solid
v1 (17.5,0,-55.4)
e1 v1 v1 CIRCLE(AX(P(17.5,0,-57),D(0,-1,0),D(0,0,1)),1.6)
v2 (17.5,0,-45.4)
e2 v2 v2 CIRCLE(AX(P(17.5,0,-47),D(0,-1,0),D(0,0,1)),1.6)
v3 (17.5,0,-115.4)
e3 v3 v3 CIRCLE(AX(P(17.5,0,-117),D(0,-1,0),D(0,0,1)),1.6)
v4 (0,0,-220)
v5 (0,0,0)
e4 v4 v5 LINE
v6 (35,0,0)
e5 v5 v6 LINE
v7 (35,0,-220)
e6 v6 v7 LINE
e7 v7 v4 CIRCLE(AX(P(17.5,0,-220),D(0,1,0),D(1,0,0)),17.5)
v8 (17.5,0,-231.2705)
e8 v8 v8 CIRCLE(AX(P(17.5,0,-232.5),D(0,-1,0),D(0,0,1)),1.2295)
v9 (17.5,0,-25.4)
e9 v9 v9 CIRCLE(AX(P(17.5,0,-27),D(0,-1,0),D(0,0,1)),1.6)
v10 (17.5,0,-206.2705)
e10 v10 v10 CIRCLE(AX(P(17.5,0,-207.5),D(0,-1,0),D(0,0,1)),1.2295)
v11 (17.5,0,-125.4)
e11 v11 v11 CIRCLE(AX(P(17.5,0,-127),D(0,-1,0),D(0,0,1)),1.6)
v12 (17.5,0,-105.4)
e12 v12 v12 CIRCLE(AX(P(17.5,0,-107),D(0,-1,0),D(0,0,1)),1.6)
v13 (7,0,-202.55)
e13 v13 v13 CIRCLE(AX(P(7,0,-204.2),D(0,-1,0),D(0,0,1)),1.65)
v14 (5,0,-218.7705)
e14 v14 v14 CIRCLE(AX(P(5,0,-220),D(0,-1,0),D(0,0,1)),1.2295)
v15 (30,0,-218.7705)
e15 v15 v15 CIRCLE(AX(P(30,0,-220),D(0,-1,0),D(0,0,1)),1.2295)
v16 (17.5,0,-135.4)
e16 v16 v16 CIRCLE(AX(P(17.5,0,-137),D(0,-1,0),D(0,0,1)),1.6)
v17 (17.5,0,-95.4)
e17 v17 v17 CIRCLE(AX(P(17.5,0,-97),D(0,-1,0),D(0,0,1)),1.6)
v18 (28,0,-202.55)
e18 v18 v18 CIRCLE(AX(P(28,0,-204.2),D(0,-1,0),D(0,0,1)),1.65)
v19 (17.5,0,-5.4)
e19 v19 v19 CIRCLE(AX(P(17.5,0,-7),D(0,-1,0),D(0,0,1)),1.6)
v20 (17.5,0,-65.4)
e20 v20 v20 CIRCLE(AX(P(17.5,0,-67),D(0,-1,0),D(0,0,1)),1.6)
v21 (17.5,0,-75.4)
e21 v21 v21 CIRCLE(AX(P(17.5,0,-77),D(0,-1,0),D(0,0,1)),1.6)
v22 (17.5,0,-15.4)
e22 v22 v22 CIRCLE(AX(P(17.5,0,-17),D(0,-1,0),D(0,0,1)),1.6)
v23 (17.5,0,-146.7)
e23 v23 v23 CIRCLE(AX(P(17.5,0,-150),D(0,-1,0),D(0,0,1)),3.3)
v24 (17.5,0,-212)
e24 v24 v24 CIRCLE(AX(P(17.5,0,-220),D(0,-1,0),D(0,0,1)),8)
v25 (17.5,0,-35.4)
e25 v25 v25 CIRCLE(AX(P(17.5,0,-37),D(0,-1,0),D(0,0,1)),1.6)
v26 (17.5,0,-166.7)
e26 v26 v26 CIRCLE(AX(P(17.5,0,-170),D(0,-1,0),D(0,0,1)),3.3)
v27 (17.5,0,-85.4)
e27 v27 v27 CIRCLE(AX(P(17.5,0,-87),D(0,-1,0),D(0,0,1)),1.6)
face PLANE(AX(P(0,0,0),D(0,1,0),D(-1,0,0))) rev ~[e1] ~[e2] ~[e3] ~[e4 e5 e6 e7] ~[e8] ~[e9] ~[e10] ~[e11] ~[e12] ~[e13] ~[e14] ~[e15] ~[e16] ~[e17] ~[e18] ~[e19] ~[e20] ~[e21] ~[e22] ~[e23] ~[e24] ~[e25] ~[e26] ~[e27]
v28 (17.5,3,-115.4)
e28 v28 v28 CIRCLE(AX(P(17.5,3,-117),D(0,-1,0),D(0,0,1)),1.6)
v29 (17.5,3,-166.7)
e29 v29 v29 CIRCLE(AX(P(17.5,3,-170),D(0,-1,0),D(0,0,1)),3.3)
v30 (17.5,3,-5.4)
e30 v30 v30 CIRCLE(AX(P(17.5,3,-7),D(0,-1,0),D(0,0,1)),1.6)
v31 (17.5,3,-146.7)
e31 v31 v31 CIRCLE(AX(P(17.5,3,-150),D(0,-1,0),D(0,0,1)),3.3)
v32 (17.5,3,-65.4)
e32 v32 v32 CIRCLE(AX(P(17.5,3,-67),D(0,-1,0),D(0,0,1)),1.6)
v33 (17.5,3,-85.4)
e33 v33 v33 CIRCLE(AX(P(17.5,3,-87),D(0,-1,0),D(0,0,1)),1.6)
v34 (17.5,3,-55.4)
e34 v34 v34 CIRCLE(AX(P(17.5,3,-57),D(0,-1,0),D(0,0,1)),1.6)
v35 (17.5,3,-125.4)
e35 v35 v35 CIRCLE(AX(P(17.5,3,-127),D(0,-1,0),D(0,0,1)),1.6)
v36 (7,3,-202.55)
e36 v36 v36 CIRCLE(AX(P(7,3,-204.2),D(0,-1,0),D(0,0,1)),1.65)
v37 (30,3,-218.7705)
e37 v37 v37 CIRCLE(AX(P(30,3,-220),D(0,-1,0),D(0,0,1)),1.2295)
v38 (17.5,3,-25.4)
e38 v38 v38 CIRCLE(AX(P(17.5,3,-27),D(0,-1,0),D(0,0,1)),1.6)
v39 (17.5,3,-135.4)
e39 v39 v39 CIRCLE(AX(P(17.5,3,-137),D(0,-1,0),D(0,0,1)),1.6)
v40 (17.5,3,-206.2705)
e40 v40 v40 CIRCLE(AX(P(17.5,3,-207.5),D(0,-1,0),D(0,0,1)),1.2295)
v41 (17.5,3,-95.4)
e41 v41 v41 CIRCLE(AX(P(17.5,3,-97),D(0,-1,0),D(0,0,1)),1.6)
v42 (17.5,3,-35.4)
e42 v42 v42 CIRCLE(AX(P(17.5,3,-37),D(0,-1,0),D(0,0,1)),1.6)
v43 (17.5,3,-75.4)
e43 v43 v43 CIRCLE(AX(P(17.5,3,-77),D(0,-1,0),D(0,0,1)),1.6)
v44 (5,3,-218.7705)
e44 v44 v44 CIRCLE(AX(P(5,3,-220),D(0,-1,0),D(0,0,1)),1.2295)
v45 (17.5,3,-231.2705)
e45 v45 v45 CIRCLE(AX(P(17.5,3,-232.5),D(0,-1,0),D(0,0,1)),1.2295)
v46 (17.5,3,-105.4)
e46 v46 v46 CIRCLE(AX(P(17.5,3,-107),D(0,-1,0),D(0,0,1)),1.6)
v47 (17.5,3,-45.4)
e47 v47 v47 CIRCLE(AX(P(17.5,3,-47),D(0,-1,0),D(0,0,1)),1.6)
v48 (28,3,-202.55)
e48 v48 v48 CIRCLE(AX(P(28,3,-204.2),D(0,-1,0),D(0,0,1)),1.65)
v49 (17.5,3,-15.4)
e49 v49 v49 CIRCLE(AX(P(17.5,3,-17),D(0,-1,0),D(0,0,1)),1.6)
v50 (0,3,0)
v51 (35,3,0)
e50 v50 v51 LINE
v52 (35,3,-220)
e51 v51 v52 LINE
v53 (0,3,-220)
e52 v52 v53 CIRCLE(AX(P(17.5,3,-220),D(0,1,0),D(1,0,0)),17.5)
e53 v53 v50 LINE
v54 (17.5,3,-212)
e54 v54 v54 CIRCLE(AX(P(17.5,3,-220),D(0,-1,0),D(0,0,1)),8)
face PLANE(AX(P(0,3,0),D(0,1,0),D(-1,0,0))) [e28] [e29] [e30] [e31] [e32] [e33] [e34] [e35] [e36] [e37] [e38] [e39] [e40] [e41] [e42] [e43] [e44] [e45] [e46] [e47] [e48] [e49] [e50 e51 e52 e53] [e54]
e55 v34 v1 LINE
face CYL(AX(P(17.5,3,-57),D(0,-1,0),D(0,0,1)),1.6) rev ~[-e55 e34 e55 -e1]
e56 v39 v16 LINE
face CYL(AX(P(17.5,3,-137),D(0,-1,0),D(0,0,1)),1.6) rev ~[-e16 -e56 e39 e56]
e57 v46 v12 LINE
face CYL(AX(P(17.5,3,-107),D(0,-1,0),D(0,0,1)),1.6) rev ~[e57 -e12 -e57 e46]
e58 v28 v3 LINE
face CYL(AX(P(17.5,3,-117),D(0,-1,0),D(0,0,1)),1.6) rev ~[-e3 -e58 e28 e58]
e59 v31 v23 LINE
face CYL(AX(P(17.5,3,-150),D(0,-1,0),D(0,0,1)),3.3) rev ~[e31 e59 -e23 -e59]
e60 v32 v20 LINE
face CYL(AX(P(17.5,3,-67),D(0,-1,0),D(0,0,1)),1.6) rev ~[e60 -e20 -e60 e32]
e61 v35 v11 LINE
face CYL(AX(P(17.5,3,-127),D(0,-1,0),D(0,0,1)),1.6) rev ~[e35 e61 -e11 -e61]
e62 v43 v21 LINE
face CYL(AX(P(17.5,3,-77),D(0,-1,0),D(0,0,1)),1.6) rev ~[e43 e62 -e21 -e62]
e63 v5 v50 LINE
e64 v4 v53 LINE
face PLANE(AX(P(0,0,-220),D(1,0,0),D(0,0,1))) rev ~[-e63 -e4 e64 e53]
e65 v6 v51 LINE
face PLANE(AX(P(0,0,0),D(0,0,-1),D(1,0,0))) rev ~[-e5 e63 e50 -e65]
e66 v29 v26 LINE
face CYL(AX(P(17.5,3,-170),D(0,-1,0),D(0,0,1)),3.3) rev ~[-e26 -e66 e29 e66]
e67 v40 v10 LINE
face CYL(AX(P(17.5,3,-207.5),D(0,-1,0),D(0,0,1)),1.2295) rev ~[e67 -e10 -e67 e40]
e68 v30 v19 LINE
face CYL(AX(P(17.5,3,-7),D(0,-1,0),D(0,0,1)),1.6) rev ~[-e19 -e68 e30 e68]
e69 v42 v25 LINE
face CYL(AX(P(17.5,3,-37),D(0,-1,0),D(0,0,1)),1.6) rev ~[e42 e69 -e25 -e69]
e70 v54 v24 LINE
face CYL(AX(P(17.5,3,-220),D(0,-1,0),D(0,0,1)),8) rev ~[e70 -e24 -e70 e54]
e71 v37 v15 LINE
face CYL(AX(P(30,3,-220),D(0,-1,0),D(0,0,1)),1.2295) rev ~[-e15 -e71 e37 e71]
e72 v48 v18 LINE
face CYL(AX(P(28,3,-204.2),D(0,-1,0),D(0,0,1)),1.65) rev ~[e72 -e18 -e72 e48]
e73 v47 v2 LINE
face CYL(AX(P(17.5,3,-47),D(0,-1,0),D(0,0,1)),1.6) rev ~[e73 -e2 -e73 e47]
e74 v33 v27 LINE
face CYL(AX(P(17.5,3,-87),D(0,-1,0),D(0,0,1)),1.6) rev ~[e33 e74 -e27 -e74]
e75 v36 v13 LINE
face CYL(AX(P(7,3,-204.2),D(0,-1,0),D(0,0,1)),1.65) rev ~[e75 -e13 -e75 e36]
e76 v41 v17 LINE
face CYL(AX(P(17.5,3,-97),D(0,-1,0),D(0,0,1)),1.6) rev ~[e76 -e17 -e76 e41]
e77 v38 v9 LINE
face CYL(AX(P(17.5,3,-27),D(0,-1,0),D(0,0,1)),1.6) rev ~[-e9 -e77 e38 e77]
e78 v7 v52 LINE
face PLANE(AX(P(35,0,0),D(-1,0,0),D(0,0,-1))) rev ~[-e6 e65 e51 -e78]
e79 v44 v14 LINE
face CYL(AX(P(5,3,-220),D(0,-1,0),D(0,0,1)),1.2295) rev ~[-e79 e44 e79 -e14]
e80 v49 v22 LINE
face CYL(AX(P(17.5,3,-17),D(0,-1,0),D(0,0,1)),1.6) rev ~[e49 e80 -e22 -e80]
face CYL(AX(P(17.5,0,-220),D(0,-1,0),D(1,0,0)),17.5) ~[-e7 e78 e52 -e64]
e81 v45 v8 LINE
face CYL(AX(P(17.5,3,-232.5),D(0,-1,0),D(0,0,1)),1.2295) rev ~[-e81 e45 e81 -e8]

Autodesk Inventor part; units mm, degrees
ref_plane "YZ Plane" through (0, 0, 0) normal (1, 0, 0) x (0, 1, 0)
ref_plane "XZ Plane" through (0, 0, 0) normal (0, 1, 0) x (-1, 0, 0)
ref_plane "XY Plane" through (0, 0, 0) normal (0, 0, 1) x (1, 0, 0)
sketch "スケッチ1" plane through (0, 0, 0) normal (0, 1, 0) x (-1, 0, 0)
  line L0 (0, 0) -> (-35, 0)
  line L1 (-35, 0) -> (-35, -220)
  line L2 (-35, -220) -> (0, -220)
  line L3 (0, -220) -> (0, 0)
  arc A0 (-35, -220) -> (0, -220) centre (-17.5, -220) ccw
  dimension "d0" = 35
  dimension "d1" = 220
  dimension "d2" = 17.5
extrude "押し出し1" add sketch "スケッチ1" along normal blind 3
sketch "スケッチ2" plane through (0, 3, 0) normal (0, 1, 0) x (1, 0, 0)
  line L0 (0, 0) -> (35, 0) construction
  line L1 (17.5, 0) -> (17.5, 237.5) construction
  arc A0 (35, 220) -> (0, 220) centre (17.5, 220) ccw construction
hole "穴1" at (17.5, 3, -220) direction (0, -1, 0) diameter 16 end through all
sketch "スケッチ3" plane through (0, 3, 0) normal (0, 1, 0) x (1, 0, 0)
  circle A0 centre (17.5, 220) radius 8 projected
  circle A1 centre (17.5, 220) radius 12.5
  point P0 (0, 0)
  point P1 (5, 220)
  point P2 (30, 220)
  point P3 (17.5, 232.5)
  point P4 (17.5, 207.5)
  dimension "d12" = 25
hole "穴2" at (5, 3, -220) at (30, 3, -220) at (17.5, 3, -232.5) at (17.5, 3, -207.5) direction (0, -1, 0) diameter 2.459 end through all thread size "M3x0.5" class "6H" standard "ISO Metric profile"
sketch "スケッチ4" plane through (0, 3, 0) normal (0, 1, 0) x (1, 0, 0)
  line L0 (0, 0) -> (35, 0) construction
  line L1 (17.5, 0) -> (17.5, 237.5) construction
  arc A0 (35, 220) -> (0, 220) centre (17.5, 220) ccw construction
  circle A1 centre (17.5, 220) radius 8 projected
  point P0 (17.5, 137)
  point P1 (17.5, 127)
  point P2 (17.5, 117)
  point P3 (17.5, 107)
  point P4 (17.5, 97)
  point P5 (17.5, 87)
  point P6 (17.5, 77)
  point P7 (17.5, 67)
  point P8 (17.5, 57)
  point P9 (17.5, 47)
  point P10 (17.5, 37)
  point P11 (17.5, 27)
  point P12 (17.5, 17)
  point P13 (17.5, 7)
  dimension "d42" = 83
  dimension "d45" = 10
hole "穴3" at (17.5, 3, -137) at (17.5, 3, -127) at (17.5, 3, -117) at (17.5, 3, -107) at (17.5, 3, -97) at (17.5, 3, -87) at (17.5, 3, -77) at (17.5, 3, -67) at (17.5, 3, -57) at (17.5, 3, -47) at (17.5, 3, -37) at (17.5, 3, -27) at (17.5, 3, -17) at (17.5, 3, -7) direction (0, -1, 0) diameter 3.2 end through all
sketch "スケッチ5" plane through (0, 3, 0) normal (0, 1, 0) x (1, 0, 0)
  line L0 (0, 0) -> (35, 0) construction
  line L1 (17.5, 0) -> (17.5, 237.5) construction
  arc A0 (35, 220) -> (0, 220) centre (17.5, 220) ccw construction
  circle A1 centre (17.5, 137) radius 1.6 construction
  point P0 (17.5, 150)
  point P1 (17.5, 170)
  dimension "d50" = 13
  dimension "d51" = 20
hole "穴4" at (17.5, 3, -150) at (17.5, 3, -170) direction (0, -1, 0) diameter 6.6 end through all
sketch "スケッチ6" plane through (0, 3, 0) normal (0, 1, 0) x (1, 0, 0)
  line L0 (35, 0) -> (35, 220) projected
  line L1 (35, 204.2) -> (0, 204.2) construction
  line L2 (0, 220) -> (0, 0) projected
  circle A0 centre (17.5, 220) radius 8 projected
  line L3 (17.5, 220) -> (17.5, 204.2) construction
  point P0 (28, 204.2)
  point P1 (7, 204.2)
  dimension "d52" = 15.8
  dimension "d53" = 10.5
  dimension "d54" = 10.5
hole "穴5" at (28, 3, -204.2) at (7, 3, -204.2) direction (0, -1, 0) diameter 3.3 end through all
properties part number "shoulder2_upper_plate_rigth" material "アルミニウム 5052"
